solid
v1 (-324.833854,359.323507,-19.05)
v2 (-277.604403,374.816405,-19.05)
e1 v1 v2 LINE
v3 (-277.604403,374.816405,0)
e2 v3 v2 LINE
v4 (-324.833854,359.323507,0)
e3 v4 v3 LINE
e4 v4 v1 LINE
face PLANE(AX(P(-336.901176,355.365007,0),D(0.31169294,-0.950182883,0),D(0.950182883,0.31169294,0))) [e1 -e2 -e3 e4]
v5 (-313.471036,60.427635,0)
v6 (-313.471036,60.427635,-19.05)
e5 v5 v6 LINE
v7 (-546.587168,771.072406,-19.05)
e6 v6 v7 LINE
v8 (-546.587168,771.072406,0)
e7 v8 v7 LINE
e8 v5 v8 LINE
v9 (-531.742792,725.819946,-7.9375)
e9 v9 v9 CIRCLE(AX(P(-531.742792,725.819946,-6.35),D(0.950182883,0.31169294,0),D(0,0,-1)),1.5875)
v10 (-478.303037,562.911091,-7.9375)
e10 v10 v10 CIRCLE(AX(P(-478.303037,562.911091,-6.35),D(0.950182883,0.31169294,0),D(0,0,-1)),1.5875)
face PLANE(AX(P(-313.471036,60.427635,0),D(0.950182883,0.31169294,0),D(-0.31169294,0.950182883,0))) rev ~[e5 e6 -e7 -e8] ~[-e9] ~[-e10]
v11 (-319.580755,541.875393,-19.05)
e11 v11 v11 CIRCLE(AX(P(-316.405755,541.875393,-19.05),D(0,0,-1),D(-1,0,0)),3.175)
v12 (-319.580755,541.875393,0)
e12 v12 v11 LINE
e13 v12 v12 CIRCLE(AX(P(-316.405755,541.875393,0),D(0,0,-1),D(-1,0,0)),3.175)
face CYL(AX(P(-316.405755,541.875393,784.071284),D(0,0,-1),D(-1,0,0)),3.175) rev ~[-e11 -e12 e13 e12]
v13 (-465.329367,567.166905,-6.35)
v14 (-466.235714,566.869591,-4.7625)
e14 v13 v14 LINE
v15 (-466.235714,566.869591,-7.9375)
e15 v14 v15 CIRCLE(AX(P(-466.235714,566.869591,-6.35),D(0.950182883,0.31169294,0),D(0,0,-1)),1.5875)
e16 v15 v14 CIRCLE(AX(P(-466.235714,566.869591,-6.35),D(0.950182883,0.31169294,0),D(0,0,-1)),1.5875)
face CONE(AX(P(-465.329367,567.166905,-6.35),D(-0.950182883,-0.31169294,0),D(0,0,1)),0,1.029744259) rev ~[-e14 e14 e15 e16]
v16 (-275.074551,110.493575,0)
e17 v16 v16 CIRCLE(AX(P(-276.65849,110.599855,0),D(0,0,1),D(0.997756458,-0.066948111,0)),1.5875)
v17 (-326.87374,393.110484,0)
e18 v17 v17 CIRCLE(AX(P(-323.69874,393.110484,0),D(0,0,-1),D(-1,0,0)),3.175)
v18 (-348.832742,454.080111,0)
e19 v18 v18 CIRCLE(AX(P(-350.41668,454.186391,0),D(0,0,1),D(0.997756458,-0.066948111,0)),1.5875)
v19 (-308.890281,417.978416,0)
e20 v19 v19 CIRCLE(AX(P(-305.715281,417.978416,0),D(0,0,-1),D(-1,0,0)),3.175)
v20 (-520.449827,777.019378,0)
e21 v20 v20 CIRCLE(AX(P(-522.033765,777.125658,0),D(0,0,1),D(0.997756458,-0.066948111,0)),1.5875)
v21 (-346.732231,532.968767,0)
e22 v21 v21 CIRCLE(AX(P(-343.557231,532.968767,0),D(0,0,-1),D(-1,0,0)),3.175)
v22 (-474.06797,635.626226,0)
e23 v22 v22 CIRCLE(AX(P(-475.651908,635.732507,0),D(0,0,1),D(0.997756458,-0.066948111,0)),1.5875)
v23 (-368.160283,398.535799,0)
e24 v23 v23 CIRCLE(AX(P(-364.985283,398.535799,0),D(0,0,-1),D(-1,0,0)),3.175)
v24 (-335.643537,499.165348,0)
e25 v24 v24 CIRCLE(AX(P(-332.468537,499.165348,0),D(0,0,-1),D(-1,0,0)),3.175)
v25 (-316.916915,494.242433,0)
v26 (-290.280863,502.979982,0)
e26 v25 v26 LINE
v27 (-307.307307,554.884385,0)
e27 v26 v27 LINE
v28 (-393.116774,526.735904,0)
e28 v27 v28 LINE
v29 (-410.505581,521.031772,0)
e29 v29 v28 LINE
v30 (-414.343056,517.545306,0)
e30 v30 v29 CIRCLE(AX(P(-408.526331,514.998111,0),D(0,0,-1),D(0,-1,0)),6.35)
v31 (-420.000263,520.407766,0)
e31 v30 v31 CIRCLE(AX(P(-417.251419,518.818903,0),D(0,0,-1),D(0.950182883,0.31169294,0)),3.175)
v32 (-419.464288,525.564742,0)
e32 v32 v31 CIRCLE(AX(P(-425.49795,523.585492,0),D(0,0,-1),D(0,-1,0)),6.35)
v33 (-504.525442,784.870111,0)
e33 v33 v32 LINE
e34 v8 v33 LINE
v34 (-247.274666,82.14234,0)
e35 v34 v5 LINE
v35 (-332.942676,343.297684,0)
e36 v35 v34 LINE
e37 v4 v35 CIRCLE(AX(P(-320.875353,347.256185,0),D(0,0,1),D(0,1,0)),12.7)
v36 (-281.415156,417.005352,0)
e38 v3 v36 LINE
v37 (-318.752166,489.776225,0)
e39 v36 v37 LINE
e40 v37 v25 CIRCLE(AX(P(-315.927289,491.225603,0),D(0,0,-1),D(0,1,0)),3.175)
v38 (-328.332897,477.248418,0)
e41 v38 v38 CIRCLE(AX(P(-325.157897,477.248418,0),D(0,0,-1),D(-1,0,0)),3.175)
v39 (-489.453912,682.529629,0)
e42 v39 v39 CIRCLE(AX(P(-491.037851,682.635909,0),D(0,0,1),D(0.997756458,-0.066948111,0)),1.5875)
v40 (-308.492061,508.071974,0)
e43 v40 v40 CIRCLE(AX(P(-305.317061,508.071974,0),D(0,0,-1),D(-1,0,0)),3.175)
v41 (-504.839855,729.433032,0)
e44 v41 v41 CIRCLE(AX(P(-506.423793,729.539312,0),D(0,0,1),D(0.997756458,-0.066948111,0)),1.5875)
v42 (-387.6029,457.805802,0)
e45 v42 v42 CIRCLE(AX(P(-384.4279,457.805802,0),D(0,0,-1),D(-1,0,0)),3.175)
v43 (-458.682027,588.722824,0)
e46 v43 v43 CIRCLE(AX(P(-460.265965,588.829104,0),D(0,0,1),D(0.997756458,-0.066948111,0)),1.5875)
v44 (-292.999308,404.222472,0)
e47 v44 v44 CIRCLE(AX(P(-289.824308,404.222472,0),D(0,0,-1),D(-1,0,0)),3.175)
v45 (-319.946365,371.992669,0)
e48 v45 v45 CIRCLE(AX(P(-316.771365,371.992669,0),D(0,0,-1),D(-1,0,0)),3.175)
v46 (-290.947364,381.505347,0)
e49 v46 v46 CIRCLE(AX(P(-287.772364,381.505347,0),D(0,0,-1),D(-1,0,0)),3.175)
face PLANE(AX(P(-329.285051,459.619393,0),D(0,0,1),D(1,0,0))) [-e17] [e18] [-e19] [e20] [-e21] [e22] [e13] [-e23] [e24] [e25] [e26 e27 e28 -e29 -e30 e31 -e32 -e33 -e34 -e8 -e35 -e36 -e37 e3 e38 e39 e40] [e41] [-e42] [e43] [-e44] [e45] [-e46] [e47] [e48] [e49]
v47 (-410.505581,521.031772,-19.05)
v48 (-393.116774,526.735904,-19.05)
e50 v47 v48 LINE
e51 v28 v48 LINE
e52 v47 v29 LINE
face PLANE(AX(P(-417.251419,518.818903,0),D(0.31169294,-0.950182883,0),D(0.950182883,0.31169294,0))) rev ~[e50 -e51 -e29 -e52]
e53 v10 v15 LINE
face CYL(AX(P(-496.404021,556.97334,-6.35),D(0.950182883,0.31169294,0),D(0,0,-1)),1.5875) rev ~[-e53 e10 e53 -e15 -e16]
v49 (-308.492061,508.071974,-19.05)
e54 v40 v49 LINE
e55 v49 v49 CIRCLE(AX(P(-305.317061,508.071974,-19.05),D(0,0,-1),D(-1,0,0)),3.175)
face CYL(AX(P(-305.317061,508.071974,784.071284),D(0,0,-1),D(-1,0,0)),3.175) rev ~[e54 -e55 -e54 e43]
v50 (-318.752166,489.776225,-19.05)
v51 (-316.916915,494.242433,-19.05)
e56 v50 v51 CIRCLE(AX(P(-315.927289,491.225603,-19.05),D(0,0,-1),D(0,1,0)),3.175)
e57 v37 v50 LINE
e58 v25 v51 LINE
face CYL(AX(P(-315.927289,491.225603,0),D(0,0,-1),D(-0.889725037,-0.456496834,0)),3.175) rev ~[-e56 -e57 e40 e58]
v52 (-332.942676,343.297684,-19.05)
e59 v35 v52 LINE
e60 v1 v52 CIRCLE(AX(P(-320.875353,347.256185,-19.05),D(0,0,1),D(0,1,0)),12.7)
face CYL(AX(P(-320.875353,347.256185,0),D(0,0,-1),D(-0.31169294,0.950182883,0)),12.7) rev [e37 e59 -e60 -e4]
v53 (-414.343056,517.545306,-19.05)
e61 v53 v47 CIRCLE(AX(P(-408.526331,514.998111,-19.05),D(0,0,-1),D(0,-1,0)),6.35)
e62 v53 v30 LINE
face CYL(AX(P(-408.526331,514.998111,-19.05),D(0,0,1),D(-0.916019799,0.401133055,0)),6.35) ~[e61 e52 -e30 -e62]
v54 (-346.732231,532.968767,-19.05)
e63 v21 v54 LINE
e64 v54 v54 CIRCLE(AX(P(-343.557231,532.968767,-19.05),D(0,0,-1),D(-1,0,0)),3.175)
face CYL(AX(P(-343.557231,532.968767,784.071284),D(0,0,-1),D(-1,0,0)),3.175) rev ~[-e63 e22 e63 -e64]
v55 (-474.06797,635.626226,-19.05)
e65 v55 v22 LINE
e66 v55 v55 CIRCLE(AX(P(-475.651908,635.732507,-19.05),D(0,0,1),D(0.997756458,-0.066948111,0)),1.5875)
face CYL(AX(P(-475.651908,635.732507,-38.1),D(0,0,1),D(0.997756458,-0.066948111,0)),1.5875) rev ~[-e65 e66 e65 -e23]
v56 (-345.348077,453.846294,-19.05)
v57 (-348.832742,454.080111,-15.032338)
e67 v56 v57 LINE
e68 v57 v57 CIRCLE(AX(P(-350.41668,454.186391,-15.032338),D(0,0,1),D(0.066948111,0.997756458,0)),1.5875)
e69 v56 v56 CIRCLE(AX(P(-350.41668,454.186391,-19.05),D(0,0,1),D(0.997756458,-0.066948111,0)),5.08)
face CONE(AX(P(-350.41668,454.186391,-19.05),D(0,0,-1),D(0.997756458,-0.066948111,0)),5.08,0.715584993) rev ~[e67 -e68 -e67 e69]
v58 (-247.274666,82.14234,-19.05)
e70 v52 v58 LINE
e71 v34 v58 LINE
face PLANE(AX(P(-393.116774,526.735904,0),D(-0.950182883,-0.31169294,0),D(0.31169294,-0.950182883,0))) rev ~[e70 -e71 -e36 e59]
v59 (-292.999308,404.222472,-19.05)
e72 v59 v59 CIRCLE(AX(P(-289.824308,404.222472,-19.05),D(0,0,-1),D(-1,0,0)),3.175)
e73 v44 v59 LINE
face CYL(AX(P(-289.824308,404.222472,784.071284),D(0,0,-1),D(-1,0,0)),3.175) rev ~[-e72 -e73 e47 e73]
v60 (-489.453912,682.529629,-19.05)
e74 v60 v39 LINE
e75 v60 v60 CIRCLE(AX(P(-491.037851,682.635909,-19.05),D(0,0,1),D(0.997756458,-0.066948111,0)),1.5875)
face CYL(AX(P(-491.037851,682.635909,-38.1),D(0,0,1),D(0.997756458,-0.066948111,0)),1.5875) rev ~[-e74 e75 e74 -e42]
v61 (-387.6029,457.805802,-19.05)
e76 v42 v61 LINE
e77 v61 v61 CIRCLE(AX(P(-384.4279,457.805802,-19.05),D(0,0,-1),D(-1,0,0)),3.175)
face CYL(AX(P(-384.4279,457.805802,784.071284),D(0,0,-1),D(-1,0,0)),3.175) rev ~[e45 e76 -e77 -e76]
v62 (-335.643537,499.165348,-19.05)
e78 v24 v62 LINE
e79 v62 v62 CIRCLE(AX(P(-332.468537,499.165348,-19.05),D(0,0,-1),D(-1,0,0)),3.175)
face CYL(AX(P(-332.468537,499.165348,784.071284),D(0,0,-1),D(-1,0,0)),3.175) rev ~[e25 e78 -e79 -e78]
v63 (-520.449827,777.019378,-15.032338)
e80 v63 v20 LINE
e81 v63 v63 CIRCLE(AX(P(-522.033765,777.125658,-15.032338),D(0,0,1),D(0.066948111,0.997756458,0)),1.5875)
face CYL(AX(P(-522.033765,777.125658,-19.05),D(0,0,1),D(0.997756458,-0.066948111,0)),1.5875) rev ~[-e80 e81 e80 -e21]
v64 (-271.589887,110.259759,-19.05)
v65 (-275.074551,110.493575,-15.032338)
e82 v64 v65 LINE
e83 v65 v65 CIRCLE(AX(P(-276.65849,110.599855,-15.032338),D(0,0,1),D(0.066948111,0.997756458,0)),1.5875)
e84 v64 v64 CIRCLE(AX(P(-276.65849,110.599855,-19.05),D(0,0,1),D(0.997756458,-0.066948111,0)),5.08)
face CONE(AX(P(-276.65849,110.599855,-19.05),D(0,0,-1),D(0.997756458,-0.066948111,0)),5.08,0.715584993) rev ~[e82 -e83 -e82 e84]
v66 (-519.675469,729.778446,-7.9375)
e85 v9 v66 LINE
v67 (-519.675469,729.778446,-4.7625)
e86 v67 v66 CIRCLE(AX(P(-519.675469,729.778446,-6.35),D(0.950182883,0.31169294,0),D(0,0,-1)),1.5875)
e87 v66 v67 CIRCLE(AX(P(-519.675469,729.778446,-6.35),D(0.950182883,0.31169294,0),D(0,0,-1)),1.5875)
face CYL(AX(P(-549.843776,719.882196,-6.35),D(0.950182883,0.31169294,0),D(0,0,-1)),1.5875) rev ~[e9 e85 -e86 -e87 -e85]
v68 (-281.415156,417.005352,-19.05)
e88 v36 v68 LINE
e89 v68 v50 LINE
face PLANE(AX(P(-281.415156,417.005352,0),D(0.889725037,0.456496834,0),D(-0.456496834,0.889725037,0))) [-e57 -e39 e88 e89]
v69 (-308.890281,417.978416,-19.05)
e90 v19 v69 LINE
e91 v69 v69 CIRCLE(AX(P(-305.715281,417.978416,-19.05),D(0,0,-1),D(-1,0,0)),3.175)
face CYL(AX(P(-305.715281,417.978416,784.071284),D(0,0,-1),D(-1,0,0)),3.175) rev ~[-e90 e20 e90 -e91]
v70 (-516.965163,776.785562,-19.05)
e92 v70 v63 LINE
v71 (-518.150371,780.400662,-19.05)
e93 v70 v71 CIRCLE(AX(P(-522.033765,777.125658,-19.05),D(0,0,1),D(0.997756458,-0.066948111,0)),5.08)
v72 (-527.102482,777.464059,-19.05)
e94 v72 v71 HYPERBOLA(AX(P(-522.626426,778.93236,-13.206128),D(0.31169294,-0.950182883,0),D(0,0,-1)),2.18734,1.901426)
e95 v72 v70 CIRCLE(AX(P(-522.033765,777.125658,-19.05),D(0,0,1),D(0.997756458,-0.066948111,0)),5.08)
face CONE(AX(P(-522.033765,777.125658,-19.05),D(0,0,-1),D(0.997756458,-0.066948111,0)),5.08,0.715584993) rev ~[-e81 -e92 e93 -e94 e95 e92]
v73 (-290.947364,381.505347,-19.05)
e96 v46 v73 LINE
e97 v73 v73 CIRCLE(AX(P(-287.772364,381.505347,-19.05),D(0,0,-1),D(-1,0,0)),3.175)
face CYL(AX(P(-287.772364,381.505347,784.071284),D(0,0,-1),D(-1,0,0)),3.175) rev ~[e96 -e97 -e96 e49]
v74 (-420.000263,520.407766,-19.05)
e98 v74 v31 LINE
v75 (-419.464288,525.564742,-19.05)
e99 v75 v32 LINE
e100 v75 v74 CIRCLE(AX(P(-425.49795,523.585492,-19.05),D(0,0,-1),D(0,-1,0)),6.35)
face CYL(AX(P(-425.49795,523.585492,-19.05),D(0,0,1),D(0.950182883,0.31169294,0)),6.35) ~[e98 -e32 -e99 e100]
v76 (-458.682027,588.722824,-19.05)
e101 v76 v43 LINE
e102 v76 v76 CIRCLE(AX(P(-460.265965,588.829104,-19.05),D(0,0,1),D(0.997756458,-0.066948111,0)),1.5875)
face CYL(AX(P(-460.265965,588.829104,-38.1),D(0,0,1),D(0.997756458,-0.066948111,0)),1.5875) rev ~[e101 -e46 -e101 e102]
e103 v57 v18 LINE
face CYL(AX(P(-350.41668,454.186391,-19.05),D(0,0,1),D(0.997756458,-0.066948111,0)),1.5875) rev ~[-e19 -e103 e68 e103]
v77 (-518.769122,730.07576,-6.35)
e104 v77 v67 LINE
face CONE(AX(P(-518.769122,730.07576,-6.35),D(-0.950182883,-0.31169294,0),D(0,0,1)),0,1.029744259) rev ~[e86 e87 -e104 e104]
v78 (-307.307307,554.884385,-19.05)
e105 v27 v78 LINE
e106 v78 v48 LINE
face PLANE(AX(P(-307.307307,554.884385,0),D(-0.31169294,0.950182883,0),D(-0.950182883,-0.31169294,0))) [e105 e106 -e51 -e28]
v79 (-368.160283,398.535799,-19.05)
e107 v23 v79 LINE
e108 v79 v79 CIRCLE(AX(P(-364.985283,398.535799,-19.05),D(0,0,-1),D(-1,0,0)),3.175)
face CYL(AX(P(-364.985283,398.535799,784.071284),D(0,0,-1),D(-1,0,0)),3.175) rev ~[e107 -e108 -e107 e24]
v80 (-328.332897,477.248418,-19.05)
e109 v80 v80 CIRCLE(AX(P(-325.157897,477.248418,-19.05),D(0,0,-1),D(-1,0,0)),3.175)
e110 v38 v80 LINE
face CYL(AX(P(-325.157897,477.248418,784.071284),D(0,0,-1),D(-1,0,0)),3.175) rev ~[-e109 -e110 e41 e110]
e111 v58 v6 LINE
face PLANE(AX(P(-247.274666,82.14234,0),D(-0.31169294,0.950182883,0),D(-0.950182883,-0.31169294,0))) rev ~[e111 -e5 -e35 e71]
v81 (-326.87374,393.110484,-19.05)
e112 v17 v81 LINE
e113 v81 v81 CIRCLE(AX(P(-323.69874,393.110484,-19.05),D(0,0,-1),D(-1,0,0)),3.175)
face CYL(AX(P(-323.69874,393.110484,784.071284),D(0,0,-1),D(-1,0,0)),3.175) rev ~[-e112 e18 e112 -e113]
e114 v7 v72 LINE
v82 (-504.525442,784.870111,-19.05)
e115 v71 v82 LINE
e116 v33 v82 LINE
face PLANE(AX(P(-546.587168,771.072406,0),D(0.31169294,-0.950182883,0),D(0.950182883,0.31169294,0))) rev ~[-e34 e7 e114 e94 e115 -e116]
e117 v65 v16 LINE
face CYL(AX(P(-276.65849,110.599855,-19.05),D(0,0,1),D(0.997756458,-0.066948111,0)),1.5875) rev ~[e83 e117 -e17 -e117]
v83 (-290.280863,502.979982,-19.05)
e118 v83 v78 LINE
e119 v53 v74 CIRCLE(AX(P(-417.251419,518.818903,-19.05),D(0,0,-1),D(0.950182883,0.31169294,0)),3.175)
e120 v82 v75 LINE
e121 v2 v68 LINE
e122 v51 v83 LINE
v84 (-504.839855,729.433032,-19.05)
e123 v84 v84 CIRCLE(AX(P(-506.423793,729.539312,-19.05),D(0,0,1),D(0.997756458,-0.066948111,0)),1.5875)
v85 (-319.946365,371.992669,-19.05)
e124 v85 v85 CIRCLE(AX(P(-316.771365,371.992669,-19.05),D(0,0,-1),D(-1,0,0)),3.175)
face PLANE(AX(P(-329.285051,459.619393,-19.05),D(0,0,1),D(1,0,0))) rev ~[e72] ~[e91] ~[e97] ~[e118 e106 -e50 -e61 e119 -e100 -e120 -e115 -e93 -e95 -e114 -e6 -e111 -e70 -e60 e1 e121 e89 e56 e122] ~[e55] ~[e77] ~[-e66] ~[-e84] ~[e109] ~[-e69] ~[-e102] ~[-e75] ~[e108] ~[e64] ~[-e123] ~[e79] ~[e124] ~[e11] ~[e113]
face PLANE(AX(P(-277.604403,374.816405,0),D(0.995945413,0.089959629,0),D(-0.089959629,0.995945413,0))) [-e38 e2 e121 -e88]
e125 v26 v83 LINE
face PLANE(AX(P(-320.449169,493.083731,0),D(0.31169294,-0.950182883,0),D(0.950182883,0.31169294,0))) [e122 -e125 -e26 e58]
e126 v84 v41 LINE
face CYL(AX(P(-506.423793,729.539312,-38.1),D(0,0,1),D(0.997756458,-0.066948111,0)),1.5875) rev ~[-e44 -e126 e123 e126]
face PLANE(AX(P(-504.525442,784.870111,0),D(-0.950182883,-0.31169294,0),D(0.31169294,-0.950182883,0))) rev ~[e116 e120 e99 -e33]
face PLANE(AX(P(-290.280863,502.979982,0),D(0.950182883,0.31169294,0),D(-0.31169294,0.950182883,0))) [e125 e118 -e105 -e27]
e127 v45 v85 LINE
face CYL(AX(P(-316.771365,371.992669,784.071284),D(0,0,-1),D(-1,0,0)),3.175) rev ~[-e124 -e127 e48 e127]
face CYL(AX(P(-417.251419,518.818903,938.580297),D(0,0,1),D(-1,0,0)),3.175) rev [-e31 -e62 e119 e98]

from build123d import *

# Parameters (mm, degrees)
BOSS_EXTRUDE1_DEPTH     = 19.05
BOSS_EXTRUDE2_DEPTH     = 19.05
FILLET1_R               = 3.175
FILLET2_R               = 12.7
CUT_EXTRUDE1_DEPTH      = 957.630297054
CUT_EXTRUDE1_DEPTH_BACK = 957.630297054
SKETCH47_R              = 3.175
FILLET4_R               = 6.35
F_0_25_DIAMETER_HOLE1_D = 6.35
HOLE6_D                 = 3.175
HOLE6_DEPTH             = 38.1
HOLE6_CSINK_D           = 10.16
HOLE6_CSINK_ANGLE       = 82
HOLE6_TIP               = 0.953866233
HOLE9_D                 = 3.175
HOLE9_DEPTH             = 57.15
HOLE9_CSINK_D           = 10.16
HOLE9_CSINK_ANGLE       = 82
HOLE9_TIP               = 0.953866233
HOLE15_D                = 3.175
HOLE15_DEPTH            = 31.75
HOLE15_CSINK_D          = 10.16
HOLE15_CSINK_ANGLE      = 82
HOLE15_TIP              = 0.953866233


with BuildPart() as part:
    # Sketch1 → Boss-Extrude1 (new body)
    with BuildSketch(Plane.XY):
        Polygon((-247.274665566, 82.142339986), (-313.471036221, 60.427634584), (-546.587167873, 771.072405964), (-504.525442447, 784.870110692), (-417.251419261, 518.818903446), (-393.116774032, 526.735904121), align=None)
    extrude(amount=-BOSS_EXTRUDE1_DEPTH)

    # Sketch2 → Boss-Extrude2 (add, through all)
    with BuildSketch(Plane.XY):
        Polygon((-393.116774032, 526.735904121), (-336.901176267, 355.36500697), (-277.604402796, 374.816405204), (-281.415155825, 417.005352091), (-320.44916939, 493.083731154), (-290.280862854, 502.979981998), (-307.307307279, 554.884385267), align=None)
    extrude(amount=-BOSS_EXTRUDE2_DEPTH)

    # Fillet1
    fillet1_edges = [part.edges().sort_by_distance(p)[0] for p in [
        (-320.44916939, 493.083731154, -9.525),
    ]]
    fillet(fillet1_edges, radius=FILLET1_R)

    # Fillet2
    fillet2_edges = [part.edges().sort_by_distance(p)[0] for p in [
        (-336.901176267, 355.36500697, -9.525),
    ]]
    fillet(fillet2_edges, radius=FILLET2_R)

    # Sketch47 → Cut-Extrude1 (cut, two sides: drawn at the far end of the back side and taken through both)
    with BuildSketch(Plane(origin=(0, 0, -19.05), x_dir=(-1, 0, 0), z_dir=(0, 0, -1)).offset(-CUT_EXTRUDE1_DEPTH_BACK)):
        with Locations((417.251419261, 518.818903446)):
            Circle(SKETCH47_R)
    extrude(amount=CUT_EXTRUDE1_DEPTH + CUT_EXTRUDE1_DEPTH_BACK, mode=Mode.SUBTRACT)

    # Fillet4
    fillet4_edges = [part.edges().sort_by_distance(p)[0] for p in [
        (-418.241044345, 521.8357341, -9.525),
        (-414.234588607, 519.80852853, -9.525),
    ]]
    fillet(fillet4_edges, radius=FILLET4_R)

    # 0.25_ Diameter Hole1 (through all)
    with Locations(Plane.XY):
        with Locations((-563.45033927, 698.544682362), (-504.072834209, 517.534843147), (-343.557230523, 532.968767209), (-316.40575464, 541.875392969), (-305.317060721, 508.071973621), (-332.468536604, 499.165347862), (-384.427899865, 457.805801818), (-325.157897499, 477.248418201), (-305.715281117, 417.978415836), (-364.985283482, 398.535799453), (-323.698740376, 393.110483865), (-289.824308357, 404.222472403), (-287.772364418, 381.505347156), (-316.771364786, 371.99266929)):
            Hole(F_0_25_DIAMETER_HOLE1_D / 2)

    # Hole6
    with Locations(Plane(origin=(308.428945222, -359.406503987, -19.05), x_dir=(-0.9977564584489054, 0.06694811142592419, 0), z_dir=(0, 0, -1))):
        with Locations((615.24080496, 429.781381762), (710.914924699, 391.126528253), (904.68821492, 1078.38439498), (976.811864753, 1049.244548945), (835.937309391, 717.51890547), (711.83598555, 767.659094962)):
            CounterSinkHole(HOLE6_D / 2, HOLE6_CSINK_D / 2, depth=HOLE6_DEPTH, counter_sink_angle=HOLE6_CSINK_ANGLE)
            with Locations((0, 0, -(HOLE6_DEPTH + HOLE6_TIP / 2))):  # 118° drill point
                Cone(0, HOLE6_D / 2, HOLE6_TIP, mode=Mode.SUBTRACT)

    # Hole9
    with Locations(Plane(origin=(308.428945222, -359.406503987, -38.1), x_dir=(-0.9977564584489054, 0.06694811142592419, 0), z_dir=(0, 0, -1))):
        with Locations((848.944412528, 940.413642522), (885.927448463, 1031.949868564), (867.435930496, 986.181755543), (830.452894561, 894.645529501)):
            CounterSinkHole(HOLE9_D / 2, HOLE9_CSINK_D / 2, depth=HOLE9_DEPTH, counter_sink_angle=HOLE9_CSINK_ANGLE)
            with Locations((0, 0, -(HOLE9_DEPTH + HOLE9_TIP / 2))):  # 118° drill point
                Cone(0, HOLE9_D / 2, HOLE9_TIP, mode=Mode.SUBTRACT)

    # Hole15
    with Locations(Plane(origin=(-146.812587105, -508.741515314, 72.024999997), x_dir=(0, 0, 1), z_dir=(-0.9501828830204603, -0.3116929399504042, -1.2203303954814629e-15))):
        with Locations((-78.374999997, 1293.039195846), (-78.374999997, 1121.589195846), (78.374999997, 1121.589195846), (78.374999997, 1293.039195846)):
            CounterSinkHole(HOLE15_D / 2, HOLE15_CSINK_D / 2, depth=HOLE15_DEPTH, counter_sink_angle=HOLE15_CSINK_ANGLE)
            with Locations((0, 0, -(HOLE15_DEPTH + HOLE15_TIP / 2))):  # 118° drill point
                Cone(0, HOLE15_D / 2, HOLE15_TIP, mode=Mode.SUBTRACT)


solid = part.part
